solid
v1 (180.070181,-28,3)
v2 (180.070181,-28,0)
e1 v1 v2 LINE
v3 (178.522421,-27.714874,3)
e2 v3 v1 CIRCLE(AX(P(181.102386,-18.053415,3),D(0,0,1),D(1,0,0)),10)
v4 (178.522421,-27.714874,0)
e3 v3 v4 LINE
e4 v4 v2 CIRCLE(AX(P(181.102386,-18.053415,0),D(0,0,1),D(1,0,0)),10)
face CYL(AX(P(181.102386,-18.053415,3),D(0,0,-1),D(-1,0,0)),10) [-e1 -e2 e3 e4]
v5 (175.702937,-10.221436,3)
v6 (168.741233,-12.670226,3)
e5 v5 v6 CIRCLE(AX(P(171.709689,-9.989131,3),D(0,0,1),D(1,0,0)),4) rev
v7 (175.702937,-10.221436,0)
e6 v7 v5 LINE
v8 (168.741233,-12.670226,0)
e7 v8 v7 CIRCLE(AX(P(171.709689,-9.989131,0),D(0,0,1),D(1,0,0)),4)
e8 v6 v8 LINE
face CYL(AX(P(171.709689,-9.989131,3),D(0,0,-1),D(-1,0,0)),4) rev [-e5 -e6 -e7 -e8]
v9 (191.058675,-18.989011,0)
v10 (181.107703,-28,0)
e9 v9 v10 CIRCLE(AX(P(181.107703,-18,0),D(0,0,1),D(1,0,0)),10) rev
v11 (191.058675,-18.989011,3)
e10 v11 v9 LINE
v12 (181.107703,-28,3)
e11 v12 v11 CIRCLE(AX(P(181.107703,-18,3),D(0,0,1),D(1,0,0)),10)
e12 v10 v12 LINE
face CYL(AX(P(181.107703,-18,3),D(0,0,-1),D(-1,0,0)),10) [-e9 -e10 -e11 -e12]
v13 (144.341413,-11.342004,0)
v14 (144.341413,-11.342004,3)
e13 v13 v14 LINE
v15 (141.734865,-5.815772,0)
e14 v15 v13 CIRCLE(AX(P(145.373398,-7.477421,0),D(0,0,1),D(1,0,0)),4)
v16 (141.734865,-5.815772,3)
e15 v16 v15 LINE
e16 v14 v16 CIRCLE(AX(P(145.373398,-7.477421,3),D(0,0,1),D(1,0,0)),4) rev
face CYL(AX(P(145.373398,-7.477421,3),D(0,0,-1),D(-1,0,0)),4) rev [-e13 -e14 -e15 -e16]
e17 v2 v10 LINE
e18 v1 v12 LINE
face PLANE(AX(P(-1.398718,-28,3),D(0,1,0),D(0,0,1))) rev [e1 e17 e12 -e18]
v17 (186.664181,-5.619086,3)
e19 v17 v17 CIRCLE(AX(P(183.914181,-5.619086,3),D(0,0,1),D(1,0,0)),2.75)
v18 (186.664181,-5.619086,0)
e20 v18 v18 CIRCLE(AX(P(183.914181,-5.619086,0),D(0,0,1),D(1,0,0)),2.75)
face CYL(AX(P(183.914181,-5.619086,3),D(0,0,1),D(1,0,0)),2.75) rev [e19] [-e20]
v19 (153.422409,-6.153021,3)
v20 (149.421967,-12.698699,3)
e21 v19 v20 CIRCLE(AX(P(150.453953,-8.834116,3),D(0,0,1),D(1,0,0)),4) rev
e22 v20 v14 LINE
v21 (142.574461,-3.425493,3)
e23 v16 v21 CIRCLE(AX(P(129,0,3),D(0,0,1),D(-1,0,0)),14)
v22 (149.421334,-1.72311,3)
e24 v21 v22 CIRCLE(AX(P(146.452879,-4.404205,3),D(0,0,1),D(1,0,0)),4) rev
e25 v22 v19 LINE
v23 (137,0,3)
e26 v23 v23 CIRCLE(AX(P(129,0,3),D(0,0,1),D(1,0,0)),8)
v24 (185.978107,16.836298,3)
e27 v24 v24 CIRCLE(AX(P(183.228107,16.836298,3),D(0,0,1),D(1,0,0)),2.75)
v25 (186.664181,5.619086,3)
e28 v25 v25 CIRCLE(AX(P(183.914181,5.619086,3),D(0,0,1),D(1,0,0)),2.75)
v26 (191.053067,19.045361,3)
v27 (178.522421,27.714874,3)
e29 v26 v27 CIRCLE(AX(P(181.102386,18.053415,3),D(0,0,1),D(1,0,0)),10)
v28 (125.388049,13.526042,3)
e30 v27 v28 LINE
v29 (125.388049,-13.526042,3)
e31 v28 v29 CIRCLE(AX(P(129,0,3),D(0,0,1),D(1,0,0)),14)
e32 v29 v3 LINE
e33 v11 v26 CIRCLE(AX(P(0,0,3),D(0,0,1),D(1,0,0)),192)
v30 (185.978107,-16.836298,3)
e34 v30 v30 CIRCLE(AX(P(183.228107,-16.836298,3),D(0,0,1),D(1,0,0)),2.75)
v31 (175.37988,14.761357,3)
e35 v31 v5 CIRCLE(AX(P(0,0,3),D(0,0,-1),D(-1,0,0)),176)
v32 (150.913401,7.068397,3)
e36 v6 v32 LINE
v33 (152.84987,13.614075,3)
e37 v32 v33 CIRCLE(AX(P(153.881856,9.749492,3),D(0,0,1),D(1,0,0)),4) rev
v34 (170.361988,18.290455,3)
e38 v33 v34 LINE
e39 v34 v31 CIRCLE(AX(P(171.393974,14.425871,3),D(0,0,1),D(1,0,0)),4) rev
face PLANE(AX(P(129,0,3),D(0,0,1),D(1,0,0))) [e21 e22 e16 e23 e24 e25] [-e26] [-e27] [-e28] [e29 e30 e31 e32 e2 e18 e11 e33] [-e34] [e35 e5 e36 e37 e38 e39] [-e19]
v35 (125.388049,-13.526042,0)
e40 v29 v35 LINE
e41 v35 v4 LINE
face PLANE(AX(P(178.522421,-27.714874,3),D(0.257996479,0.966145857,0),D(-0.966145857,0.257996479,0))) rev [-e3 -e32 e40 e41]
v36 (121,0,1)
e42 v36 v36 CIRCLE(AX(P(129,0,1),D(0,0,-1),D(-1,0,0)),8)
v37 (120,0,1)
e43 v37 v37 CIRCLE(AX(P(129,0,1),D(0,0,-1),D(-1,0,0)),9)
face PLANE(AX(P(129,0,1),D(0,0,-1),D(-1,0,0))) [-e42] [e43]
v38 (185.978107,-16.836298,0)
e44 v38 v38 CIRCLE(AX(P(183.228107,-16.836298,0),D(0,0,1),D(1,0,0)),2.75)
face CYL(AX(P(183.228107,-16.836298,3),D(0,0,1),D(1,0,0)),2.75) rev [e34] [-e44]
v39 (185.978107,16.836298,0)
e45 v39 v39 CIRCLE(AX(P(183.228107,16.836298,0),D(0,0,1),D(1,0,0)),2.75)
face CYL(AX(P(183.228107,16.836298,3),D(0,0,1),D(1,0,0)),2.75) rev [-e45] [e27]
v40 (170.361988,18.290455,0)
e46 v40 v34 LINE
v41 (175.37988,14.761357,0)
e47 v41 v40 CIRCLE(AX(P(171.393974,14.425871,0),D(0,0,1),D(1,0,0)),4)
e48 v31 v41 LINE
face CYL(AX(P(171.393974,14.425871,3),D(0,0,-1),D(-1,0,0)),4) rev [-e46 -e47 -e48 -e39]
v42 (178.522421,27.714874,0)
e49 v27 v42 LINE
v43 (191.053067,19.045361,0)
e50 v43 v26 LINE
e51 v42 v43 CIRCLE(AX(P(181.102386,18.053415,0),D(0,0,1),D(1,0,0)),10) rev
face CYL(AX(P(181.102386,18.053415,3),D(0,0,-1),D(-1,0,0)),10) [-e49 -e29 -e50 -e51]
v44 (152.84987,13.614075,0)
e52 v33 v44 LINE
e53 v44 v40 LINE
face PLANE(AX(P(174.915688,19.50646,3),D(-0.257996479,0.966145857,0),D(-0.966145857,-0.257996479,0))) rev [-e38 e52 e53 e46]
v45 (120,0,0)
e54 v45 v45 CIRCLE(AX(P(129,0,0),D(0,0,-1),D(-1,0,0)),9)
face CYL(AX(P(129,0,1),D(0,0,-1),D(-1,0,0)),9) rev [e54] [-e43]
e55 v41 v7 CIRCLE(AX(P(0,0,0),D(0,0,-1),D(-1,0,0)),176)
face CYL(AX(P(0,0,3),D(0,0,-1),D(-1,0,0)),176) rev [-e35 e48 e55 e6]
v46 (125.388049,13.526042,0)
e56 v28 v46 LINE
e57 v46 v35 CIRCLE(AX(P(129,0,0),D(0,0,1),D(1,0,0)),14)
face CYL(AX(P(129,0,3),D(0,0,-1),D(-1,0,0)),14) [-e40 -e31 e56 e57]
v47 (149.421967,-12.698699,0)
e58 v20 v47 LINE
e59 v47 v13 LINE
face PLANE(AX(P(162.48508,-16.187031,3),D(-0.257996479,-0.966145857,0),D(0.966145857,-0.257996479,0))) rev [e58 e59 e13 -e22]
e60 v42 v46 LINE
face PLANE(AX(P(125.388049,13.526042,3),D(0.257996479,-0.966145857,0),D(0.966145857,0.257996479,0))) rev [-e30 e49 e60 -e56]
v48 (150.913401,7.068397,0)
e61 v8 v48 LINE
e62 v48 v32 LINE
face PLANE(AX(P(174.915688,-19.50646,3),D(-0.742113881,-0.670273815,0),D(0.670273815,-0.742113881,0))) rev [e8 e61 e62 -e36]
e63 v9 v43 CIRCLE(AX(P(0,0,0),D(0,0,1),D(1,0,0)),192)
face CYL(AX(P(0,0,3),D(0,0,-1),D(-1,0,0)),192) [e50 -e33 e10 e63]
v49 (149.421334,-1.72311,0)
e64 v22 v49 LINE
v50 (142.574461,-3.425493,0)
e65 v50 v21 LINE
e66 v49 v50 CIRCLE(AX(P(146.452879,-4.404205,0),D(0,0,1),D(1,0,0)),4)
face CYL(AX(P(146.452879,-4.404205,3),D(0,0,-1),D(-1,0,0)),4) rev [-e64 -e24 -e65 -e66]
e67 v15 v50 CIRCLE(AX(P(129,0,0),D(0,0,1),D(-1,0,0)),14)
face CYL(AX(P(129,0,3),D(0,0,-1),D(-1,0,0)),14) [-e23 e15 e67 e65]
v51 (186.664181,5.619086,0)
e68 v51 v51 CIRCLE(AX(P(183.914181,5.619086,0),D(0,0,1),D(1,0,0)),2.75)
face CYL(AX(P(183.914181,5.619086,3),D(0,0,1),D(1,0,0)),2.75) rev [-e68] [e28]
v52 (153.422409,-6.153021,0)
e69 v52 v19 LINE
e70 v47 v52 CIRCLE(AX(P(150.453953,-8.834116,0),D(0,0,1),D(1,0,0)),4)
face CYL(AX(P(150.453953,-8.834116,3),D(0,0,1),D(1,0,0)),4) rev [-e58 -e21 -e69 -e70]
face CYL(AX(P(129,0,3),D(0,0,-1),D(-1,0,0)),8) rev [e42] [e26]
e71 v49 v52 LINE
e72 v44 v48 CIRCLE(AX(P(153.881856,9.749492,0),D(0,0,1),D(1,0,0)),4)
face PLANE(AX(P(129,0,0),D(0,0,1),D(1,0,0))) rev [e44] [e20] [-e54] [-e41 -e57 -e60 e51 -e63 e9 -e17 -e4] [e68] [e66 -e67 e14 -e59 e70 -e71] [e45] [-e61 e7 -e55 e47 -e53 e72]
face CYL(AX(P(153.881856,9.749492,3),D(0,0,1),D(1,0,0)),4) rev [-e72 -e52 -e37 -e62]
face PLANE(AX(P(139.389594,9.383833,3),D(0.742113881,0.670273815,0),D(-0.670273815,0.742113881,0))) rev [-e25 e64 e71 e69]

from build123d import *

# Parameters (mm, degrees)
SKETCH_1_R          = 8
EXTRUDE_1_DEPTH     = 3
HOLE_WIZARD_M31_D   = 3.4
HOLE_WIZARD_M51_D   = 5.5
HOLE_WIZARD_M52_D   = 5.5
FILLET_1_R          = 10
FILLET_2_R          = 5
SKETCH_9_R          = 9
CUT_EXTRUDE_2_DEPTH = 1
CUT_EXTRUDE_3_DEPTH = 195.061830596
CUT_EXTRUDE_4_DEPTH = 195.061830596
CUT_EXTRUDE_6_DEPTH = 195.061830596
FILLET_6_R          = 4


with BuildPart() as part:
    # Эскиз1 → Бобышка-Вытянуть1 (new body)
    with BuildSketch(Plane.XY):
        with BuildLine():
            Line((-9.508526364, -3.096437692), (-1.398717752, -28))
            Line((-1.398717752, -28), (189.947361129, -28))
            ThreePointArc((189.947361129, -28), (191.995297124, 1.34383112), (189.536809823, 30.656120467))
            Line((189.536809823, 30.656120467), (125.388049295, 13.526041997))
            ThreePointArc((125.388049295, 13.526041997), (123.105499175, 12.698616461), (121.000225207, 11.489282104))
            Line((121.000225207, 11.489282104), (83.76563687, -14.436473614))
            Line((83.76563687, -14.436473614), (63.718090084, -22))
            Line((63.718090084, -22), (35.731449132, -22))
            Line((35.731449132, -22), (20.675178874, -13.02912429))
            Line((20.675178874, -13.02912429), (8.326583423, 5.537870395))
            ThreePointArc((8.326583423, 5.537870395), (-4.357415095, 9.00071851), (-9.508526364, -3.096437692))
        make_face()
        with Locations((129, 0)):
            Circle(SKETCH_1_R, mode=Mode.SUBTRACT)
    extrude(amount=EXTRUDE_1_DEPTH)

    # Отверстие с зазором M31 (through all)
    with Locations(Plane.XY.offset(3)):
        with Locations((9, -25), (40.5, -25), (72, -25)):
            Hole(HOLE_WIZARD_M31_D / 2)

    # Отверстие с зазором M51 (through all)
    with Locations(Plane.XY.offset(3)):
        with Locations((0, 0)):
            Hole(HOLE_WIZARD_M51_D / 2)

    # Отверстие с зазором M52 (through all)
    with Locations(Plane.XY.offset(3)):
        with Locations((183.228106674, 16.836297834), (183.914180714, 5.619086431), (183.914180714, -5.619086431), (183.228106674, -16.836297834)):
            Hole(HOLE_WIZARD_M52_D / 2)

    # Скругление1
    fillet_1_edges = [part.edges().sort_by_distance(p)[0] for p in [
        (35.731449132, -22, 1.5),
        (63.718090084, -22, 1.5),
        (83.76563687, -14.436473614, 1.5),
        (189.536809823, 30.656120467, 1.5),
        (189.947361129, -28, 1.5),
        (20.675178874, -13.02912429, 1.5),
    ]]
    fillet(fillet_1_edges, radius=FILLET_1_R)

    # Скругление2
    fillet_2_edges = [part.edges().sort_by_distance(p)[0] for p in [
        (-1.398717752, -28, 1.5),
    ]]
    fillet(fillet_2_edges, radius=FILLET_2_R)

    # Эскиз9 → Вырез-Вытянуть2 (cut)
    with BuildSketch(Plane(origin=(0, 0, 0), x_dir=(-1, 0, 0), z_dir=(0, 0, -1))):
        with Locations((-129, 0)):
            Circle(SKETCH_9_R)
    extrude(amount=-CUT_EXTRUDE_2_DEPTH, mode=Mode.SUBTRACT)

    # Эскиз10 → Вырез-Вытянуть3 (cut, through all)
    with BuildSketch(Plane.XY.offset(3)):
        with BuildLine():
            Line((6.5, -23.3), (11.5, -23.3))
            ThreePointArc((11.5, -23.3), (13.2, -25), (11.5, -26.7))
            Line((11.5, -26.7), (6.5, -26.7))
            ThreePointArc((6.5, -26.7), (4.8, -25), (6.5, -23.3))
        make_face()
        with BuildLine():
            Line((38, -23.3), (43, -23.3))
            ThreePointArc((43, -23.3), (44.7, -25), (43, -26.7))
            Line((43, -26.7), (38, -26.7))
            ThreePointArc((38, -26.7), (36.3, -25), (38, -23.3))
        make_face()
        with BuildLine():
            Line((69.5, -23.3), (74.5, -23.3))
            ThreePointArc((74.5, -23.3), (76.2, -25), (74.5, -26.7))
            Line((74.5, -26.7), (69.5, -26.7))
            ThreePointArc((69.5, -26.7), (67.8, -25), (69.5, -23.3))
        make_face()
    extrude(amount=-CUT_EXTRUDE_3_DEPTH, mode=Mode.SUBTRACT)

    # Эскиз12 → Вырез-Вытянуть4 (cut, through all)
    with BuildSketch(Plane(origin=(0, 0, 0), x_dir=(-1, 0, 0), z_dir=(0, 0, -1))):
        with BuildLine():
            Line((-178.522421187, -27.714873589), (-125.388049295, -13.526041997))
            ThreePointArc((-125.388049295, -13.526041997), (-115, 0), (-125.388049295, 13.526041997))
            Line((-125.388049295, 13.526041997), (17.708535377, 18.690586902))
            Line((17.708535377, 18.690586902), (9.18577518, -30.07854089))
            Line((9.18577518, -30.07854089), (-194.865610091, -30.07854089))
            Line((-194.865610091, -30.07854089), (-191.053066524, -19.0453609))
            ThreePointArc((-191.053066524, -19.0453609), (-186.79202351, -26.277041029), (-178.522421187, -27.714873589))
        make_face()
    extrude(amount=-CUT_EXTRUDE_4_DEPTH, mode=Mode.SUBTRACT)

    # Эскиз14 → Вырез-Вытянуть6 (cut, through all)
    with BuildSketch(Plane(origin=(0, 0, 0), x_dir=(-1, 0, 0), z_dir=(0, 0, -1))):
        with BuildLine():
            Line((-174.915688269, 19.506460401), (-146.526487717, 11.925499691))
            Line((-146.526487717, 11.925499691), (-174.915688269, -19.506460401))
            ThreePointArc((-174.915688269, -19.506460401), (-176, 0), (-174.915688269, 19.506460401))
        make_face()
        with BuildLine():
            Line((-139.389594338, 9.383833412), (-162.485080357, -16.187030888))
            Line((-162.485080357, -16.187030888), (-138.90792063, -9.891062066))
            ThreePointArc((-138.90792063, -9.891062066), (-142.995630653, -0.349746504), (-139.389594338, 9.383833412))
        make_face()
    extrude(amount=-CUT_EXTRUDE_6_DEPTH, mode=Mode.SUBTRACT)

    # Скругление6
    fillet_6_edges = [part.edges().sort_by_distance(p)[0] for p in [
        (174.915688269, -19.506460401, 1.5),
        (174.915688269, 19.506460401, 1.5),
        (146.526487717, 11.925499691, 1.5),
        (139.389594338, 9.383833412, 1.5),
        (138.90792063, -9.891062066, 1.5),
        (162.485080357, -16.187030888, 1.5),
    ]]
    fillet(fillet_6_edges, radius=FILLET_6_R)


solid = part.part
